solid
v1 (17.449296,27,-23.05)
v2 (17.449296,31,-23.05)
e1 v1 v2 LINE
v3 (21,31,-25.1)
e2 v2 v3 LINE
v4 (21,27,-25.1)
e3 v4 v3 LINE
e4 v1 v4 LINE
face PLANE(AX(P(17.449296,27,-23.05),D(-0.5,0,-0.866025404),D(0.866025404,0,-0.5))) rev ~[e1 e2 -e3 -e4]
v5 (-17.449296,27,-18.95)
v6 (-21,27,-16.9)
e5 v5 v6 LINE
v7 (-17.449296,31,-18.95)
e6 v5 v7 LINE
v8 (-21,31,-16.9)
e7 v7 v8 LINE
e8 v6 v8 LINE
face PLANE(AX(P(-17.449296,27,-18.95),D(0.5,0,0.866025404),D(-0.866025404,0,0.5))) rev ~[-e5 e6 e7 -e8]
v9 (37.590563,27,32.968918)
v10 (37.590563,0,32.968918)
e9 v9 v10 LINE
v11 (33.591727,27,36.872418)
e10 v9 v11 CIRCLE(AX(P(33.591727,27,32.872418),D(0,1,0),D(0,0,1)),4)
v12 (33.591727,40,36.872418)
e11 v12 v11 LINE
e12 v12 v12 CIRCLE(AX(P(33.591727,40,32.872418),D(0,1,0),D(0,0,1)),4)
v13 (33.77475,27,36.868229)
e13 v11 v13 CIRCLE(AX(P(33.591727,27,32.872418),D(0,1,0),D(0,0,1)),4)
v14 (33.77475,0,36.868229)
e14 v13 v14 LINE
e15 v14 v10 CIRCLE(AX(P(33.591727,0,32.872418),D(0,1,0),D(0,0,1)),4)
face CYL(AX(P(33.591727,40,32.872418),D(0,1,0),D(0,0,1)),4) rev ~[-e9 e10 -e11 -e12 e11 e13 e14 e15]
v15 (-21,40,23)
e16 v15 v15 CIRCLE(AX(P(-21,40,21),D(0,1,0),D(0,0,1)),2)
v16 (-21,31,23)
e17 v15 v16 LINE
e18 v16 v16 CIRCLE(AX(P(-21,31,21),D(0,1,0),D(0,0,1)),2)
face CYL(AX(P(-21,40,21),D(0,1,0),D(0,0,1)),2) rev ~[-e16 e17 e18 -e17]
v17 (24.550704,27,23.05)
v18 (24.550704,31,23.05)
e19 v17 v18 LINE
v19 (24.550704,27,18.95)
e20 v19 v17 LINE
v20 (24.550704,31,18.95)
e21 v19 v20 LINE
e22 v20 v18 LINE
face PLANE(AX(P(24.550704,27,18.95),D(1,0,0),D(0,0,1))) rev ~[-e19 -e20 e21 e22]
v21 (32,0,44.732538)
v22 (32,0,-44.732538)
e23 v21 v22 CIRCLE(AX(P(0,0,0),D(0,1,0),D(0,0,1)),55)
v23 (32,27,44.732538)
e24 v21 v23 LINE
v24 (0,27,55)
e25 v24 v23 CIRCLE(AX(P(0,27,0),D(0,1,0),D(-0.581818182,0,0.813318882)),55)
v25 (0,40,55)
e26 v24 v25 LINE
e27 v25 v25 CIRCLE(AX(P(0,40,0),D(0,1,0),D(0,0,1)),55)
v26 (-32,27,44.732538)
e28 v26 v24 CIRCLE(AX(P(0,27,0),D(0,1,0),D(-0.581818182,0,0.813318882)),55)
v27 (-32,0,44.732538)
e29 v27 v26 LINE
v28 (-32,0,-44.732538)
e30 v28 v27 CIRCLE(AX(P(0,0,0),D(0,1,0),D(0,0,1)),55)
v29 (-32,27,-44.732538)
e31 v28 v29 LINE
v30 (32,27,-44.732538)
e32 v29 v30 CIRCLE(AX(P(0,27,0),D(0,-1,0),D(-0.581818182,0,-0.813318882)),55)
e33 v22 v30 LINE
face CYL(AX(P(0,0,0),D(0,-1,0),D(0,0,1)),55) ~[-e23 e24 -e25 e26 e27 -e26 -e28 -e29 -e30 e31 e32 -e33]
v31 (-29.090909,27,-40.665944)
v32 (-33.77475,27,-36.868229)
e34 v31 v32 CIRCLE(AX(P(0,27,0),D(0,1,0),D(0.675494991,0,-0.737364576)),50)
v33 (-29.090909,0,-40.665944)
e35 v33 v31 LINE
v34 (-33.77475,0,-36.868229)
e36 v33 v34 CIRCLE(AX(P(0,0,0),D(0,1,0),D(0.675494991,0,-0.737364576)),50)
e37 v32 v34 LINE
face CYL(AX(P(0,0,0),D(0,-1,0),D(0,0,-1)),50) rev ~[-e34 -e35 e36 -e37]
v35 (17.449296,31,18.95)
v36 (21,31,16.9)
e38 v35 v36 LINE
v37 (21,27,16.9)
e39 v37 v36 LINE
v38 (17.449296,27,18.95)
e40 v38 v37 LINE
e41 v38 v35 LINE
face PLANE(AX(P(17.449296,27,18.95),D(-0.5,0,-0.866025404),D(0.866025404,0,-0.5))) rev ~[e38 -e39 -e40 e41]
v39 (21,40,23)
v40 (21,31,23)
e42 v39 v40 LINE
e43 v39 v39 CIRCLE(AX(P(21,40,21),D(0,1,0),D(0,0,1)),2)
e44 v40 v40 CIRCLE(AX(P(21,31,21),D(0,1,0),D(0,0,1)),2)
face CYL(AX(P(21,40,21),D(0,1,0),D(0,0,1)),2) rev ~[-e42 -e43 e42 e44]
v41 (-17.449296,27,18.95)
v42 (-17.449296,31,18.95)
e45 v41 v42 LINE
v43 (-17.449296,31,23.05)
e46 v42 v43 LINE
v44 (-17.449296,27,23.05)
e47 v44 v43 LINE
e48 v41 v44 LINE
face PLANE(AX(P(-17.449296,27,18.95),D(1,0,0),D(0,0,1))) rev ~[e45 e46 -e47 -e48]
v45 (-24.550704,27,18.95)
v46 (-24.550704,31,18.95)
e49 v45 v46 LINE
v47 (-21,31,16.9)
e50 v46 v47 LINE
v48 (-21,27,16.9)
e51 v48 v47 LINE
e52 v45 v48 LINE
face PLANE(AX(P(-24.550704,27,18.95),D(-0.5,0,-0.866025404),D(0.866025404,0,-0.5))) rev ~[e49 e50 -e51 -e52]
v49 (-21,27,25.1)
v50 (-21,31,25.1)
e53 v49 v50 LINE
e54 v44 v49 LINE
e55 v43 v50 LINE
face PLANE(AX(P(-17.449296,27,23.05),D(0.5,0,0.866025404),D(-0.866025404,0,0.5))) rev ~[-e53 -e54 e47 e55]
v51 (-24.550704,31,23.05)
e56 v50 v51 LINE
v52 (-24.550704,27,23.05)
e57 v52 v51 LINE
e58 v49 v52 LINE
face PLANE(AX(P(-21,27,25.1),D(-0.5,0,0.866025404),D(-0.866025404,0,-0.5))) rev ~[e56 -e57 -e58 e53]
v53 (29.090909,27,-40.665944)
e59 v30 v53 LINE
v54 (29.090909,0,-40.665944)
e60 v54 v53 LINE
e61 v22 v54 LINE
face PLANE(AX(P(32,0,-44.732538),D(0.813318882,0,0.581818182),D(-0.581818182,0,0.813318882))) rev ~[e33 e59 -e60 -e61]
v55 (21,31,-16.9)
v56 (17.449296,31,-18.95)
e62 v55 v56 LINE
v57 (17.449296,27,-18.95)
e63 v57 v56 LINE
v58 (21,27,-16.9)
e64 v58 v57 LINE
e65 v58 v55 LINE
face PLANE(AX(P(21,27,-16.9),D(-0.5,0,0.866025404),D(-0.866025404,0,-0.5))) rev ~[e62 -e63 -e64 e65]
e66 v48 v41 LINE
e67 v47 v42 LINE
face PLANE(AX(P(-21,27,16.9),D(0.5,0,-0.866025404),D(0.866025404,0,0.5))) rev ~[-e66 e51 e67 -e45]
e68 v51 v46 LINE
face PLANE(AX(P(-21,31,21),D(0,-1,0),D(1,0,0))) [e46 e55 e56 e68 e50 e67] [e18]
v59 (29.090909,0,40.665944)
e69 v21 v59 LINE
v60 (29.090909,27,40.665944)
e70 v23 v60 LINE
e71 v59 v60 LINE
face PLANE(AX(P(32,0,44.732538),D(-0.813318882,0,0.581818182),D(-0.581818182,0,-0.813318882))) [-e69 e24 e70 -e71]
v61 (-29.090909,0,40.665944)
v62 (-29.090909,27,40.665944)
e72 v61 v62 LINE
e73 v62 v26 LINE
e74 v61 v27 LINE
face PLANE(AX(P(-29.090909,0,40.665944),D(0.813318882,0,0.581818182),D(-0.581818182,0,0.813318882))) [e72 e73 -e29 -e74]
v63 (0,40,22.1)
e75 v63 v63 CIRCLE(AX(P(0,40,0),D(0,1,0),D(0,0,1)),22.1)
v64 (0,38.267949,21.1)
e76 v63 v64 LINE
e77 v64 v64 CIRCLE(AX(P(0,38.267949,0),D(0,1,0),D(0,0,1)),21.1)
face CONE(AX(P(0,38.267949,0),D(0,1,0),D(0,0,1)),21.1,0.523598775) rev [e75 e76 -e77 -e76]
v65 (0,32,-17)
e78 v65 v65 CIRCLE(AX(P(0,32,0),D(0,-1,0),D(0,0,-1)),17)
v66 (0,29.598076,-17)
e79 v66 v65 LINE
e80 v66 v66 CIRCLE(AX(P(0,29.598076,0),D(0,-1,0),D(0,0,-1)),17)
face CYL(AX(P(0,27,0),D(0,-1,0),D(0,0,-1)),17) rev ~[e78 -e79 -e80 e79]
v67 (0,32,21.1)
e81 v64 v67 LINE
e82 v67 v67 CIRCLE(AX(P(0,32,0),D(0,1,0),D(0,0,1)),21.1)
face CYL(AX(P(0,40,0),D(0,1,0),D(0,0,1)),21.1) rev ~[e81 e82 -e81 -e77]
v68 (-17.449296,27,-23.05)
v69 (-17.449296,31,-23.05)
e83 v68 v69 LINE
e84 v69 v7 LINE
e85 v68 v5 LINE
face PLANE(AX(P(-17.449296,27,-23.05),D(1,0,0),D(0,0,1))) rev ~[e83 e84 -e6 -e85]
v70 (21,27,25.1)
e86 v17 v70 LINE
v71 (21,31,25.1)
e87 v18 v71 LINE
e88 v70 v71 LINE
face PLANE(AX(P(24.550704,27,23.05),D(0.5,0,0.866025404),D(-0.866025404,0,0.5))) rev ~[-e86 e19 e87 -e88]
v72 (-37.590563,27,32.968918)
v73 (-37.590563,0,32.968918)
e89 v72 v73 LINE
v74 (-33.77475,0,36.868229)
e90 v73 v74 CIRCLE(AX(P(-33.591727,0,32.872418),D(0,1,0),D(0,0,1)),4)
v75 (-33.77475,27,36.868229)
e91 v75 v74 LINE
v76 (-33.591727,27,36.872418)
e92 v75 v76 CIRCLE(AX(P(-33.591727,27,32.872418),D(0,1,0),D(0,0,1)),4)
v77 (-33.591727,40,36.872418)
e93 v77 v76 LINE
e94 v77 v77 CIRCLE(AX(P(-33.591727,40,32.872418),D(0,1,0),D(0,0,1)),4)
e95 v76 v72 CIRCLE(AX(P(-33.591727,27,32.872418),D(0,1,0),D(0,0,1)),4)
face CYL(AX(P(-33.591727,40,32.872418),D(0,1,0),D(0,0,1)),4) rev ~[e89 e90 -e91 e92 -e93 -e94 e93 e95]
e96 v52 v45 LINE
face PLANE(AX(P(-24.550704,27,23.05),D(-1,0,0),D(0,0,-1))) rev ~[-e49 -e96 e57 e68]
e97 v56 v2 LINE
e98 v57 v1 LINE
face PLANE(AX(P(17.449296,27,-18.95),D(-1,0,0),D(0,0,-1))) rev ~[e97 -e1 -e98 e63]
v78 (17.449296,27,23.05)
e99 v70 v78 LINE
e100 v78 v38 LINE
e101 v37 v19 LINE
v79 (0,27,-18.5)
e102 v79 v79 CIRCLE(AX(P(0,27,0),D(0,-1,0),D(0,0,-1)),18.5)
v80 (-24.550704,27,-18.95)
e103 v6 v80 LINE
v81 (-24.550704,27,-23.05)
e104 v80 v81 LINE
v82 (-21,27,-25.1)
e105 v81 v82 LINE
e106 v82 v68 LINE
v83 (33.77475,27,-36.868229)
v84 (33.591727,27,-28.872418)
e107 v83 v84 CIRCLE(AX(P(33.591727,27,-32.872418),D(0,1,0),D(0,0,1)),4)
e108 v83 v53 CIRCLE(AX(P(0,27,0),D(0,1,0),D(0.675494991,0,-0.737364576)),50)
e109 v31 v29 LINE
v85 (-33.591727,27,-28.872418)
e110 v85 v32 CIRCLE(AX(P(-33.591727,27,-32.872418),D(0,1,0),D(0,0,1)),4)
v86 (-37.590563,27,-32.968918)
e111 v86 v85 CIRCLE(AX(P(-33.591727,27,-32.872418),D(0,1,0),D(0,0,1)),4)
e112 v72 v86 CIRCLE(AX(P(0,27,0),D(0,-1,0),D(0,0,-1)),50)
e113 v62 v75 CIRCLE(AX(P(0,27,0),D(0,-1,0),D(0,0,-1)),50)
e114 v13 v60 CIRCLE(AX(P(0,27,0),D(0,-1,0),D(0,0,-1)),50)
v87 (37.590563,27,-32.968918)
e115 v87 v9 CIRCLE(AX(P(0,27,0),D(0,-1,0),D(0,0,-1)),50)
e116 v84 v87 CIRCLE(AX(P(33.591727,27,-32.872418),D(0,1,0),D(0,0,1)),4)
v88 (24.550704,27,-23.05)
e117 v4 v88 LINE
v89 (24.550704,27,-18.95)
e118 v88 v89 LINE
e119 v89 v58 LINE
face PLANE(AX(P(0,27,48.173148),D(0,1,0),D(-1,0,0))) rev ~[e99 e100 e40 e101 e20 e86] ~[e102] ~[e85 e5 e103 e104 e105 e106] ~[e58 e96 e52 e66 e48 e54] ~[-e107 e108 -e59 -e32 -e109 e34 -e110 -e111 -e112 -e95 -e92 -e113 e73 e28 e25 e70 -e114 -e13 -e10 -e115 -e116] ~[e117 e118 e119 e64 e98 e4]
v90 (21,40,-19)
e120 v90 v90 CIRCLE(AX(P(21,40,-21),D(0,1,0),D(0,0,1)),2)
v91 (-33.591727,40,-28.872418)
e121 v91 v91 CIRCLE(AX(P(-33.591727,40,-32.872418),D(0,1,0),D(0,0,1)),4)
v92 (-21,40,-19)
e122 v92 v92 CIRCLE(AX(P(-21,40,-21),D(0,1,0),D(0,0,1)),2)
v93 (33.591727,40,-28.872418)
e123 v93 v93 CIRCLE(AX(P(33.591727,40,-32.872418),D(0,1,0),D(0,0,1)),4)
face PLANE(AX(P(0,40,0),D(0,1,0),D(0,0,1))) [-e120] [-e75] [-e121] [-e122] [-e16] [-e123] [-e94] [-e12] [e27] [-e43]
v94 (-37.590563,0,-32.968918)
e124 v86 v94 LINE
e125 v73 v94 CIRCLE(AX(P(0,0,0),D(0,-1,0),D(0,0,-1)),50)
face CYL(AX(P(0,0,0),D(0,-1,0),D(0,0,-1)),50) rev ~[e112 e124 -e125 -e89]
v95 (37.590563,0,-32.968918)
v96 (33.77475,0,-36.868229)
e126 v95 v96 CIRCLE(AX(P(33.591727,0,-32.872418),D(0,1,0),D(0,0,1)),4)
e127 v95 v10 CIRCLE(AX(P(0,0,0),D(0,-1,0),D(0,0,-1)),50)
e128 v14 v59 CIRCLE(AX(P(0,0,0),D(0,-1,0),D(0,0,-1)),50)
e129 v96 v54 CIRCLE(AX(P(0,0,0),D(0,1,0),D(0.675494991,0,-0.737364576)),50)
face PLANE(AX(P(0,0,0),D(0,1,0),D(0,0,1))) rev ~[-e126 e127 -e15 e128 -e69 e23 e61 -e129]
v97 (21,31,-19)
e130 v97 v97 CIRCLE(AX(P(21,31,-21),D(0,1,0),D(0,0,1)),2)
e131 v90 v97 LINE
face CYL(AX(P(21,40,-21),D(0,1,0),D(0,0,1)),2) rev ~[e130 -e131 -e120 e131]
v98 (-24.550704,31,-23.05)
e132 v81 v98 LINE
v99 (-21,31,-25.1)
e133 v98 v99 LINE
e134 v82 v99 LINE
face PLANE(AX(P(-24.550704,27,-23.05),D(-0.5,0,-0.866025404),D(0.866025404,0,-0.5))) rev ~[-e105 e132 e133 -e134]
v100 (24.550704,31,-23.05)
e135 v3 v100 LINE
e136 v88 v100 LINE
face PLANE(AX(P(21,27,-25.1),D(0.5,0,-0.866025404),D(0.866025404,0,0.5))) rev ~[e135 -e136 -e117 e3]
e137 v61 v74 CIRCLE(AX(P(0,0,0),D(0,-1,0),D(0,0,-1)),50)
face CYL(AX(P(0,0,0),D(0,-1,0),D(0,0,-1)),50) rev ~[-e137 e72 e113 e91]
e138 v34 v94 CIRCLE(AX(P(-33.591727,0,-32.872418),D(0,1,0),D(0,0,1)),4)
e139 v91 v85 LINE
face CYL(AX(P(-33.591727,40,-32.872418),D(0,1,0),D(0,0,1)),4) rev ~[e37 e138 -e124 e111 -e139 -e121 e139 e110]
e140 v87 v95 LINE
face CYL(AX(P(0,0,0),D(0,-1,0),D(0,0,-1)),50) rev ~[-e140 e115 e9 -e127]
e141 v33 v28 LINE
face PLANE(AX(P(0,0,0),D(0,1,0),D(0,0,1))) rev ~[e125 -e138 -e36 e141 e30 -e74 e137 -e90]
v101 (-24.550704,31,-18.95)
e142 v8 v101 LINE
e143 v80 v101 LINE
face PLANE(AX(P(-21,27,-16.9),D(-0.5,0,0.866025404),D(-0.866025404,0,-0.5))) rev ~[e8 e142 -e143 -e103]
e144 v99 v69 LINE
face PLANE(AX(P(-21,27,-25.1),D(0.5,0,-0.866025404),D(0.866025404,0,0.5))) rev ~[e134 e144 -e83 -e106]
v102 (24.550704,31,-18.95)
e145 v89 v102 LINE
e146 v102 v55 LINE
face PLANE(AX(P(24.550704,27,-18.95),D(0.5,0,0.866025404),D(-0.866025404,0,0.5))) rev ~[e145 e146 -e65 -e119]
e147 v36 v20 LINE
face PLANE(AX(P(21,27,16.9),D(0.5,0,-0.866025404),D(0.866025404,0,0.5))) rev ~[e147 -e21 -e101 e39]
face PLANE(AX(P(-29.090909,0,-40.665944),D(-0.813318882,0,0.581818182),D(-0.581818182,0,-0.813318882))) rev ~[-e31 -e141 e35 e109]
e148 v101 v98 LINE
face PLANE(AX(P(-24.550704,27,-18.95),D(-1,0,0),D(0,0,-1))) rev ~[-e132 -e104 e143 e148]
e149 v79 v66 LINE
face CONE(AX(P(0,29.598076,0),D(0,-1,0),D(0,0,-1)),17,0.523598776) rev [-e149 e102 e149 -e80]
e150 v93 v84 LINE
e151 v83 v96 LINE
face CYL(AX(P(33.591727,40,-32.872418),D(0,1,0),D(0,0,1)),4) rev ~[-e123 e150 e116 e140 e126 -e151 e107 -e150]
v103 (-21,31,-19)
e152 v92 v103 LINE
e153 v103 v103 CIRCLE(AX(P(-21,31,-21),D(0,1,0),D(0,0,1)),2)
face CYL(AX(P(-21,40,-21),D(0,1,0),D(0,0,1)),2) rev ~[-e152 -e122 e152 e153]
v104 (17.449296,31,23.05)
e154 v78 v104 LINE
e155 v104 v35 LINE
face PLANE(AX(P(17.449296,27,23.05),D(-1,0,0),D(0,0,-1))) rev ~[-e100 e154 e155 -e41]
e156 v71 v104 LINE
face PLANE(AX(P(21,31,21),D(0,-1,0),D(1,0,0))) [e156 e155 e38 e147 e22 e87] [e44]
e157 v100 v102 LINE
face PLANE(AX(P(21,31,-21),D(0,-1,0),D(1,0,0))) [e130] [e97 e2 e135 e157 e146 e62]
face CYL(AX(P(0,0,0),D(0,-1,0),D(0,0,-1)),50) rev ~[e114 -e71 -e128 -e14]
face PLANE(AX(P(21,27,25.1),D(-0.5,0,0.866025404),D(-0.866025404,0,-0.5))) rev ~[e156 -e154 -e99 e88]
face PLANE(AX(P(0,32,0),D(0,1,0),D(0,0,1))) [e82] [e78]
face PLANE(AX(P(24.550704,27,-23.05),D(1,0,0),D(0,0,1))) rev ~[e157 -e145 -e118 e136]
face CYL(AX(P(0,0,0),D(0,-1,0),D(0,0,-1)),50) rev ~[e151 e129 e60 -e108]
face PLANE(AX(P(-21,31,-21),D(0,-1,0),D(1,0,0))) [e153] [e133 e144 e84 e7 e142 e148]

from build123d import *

# Parameters (mm, degrees)
SKETCH_1_R          = 55
EXTRUDE_1_DEPTH     = 40
SKETCH_2_R          = 50
CUT_EXTRUDE_1_DEPTH = 27
SKETCH_3_R          = 17
CUT_EXTRUDE_2_DEPTH = 14
SKETCH_4_R          = 4
CUT_EXTRUDE_3_DEPTH = 41
SKETCH1_R           = 21.1
CUT_EXTRUDE1_DEPTH  = 8
CHAMFER1_SIZE       = 1
CHAMFER1_SIZE2      = 1.732050808
SKETCH2_R           = 2
CUT_EXTRUDE2_DEPTH  = 41
CUT_EXTRUDE3_DEPTH  = 4
CUT_EXTRUDE4_DEPTH  = 27
CHAMFER2_SIZE       = 1.5
CHAMFER2_SIZE2      = 2.598076211


with BuildPart() as part:
    # Эскиз1 → Бобышка-Вытянуть1 (new body)
    with BuildSketch(Plane(origin=(0, 0, 0), x_dir=(1, 0, 0), z_dir=(0, 1, 0))):
        with Locations(Location((0, 0, 0), (0, 0, 270))):  # turned: the seam where the file's is
            Circle(SKETCH_1_R)
    extrude(amount=EXTRUDE_1_DEPTH)

    # Эскиз2 → Вырез-Вытянуть1 (cut)
    with BuildSketch(Plane.XZ):
        with Locations(Location((0, 0, 0), (0, 0, 270))):  # turned: the seam where the file's is
            Circle(SKETCH_2_R)
    extrude(amount=-CUT_EXTRUDE_1_DEPTH, mode=Mode.SUBTRACT)

    # Эскиз3 → Вырез-Вытянуть2 (cut, through all)
    with BuildSketch(Plane.XZ.offset(-27)):
        with Locations(Location((0, 0, 0), (0, 0, 270))):  # turned: the seam where the file's is
            Circle(SKETCH_3_R)
    extrude(amount=-CUT_EXTRUDE_2_DEPTH, mode=Mode.SUBTRACT)

    # Эскиз4 → Вырез-Вытянуть3 (cut, through all)
    with BuildSketch(Plane(origin=(0, 40, 0), x_dir=(1, 0, 0), z_dir=(0, 1, 0))):
        with Locations(Location((33.591727056, -32.872418125, 0), (0, 0, 270))):  # turned: the seam where the file's is
            Circle(SKETCH_4_R)
        with Locations(Location((-33.591727056, -32.872418125, 0), (0, 0, 270))):  # turned: the seam where the file's is
            Circle(SKETCH_4_R)
        with Locations(Location((-33.591727056, 32.872418125, 0), (0, 0, 270))):  # turned: the seam where the file's is
            Circle(SKETCH_4_R)
        with Locations(Location((33.591727056, 32.872418125, 0), (0, 0, 270))):  # turned: the seam where the file's is
            Circle(SKETCH_4_R)
    extrude(amount=-CUT_EXTRUDE_3_DEPTH, mode=Mode.SUBTRACT)

    # Sketch1 → Cut-Extrude1 (cut)
    with BuildSketch(Plane(origin=(0, 40, 0), x_dir=(1, 0, 0), z_dir=(0, 1, 0))):
        with Locations(Location((0, 0, 0), (0, 0, 270))):  # turned: the seam where the file's is
            Circle(SKETCH1_R)
    extrude(amount=-CUT_EXTRUDE1_DEPTH, mode=Mode.SUBTRACT)

    # Chamfer1
    chamfer1_edges = [part.edges().sort_by_distance(p)[0] for p in [
        (0, 40, -21.1),
    ]]
    chamfer1_side = [part.faces().sort_by_distance(p)[0] for p in [
        (0, 40, -53.444365081),
    ]]
    chamfer(chamfer1_edges, length=CHAMFER1_SIZE, length2=CHAMFER1_SIZE2, reference=chamfer1_side[0])

    # Sketch2 → Cut-Extrude2 (cut, through all)
    with BuildSketch(Plane(origin=(0, 40, 0), x_dir=(1, 0, 0), z_dir=(0, 1, 0))):
        with Locations(Location((21, 21, 0), (0, 0, 270))):  # turned: the seam where the file's is
            Circle(SKETCH2_R)
        with Locations(Location((-21, 21, 0), (0, 0, 270))):  # turned: the seam where the file's is
            Circle(SKETCH2_R)
        with Locations(Location((21, -21, 0), (0, 0, 270))):  # turned: the seam where the file's is
            Circle(SKETCH2_R)
        with Locations(Location((-21, -21, 0), (0, 0, 270))):  # turned: the seam where the file's is
            Circle(SKETCH2_R)
    extrude(amount=-CUT_EXTRUDE2_DEPTH, mode=Mode.SUBTRACT)

    # Sketch3 → Cut-Extrude3 (cut)
    with BuildSketch(Plane.XZ.offset(-27)):
        Polygon((-21, -16.9), (-24.550704156, -18.95), (-24.550704156, -23.05), (-21, -25.1), (-17.449295844, -23.05), (-17.449295844, -18.95), align=None)
        Polygon((-21, 25.1), (-24.550704156, 23.05), (-24.550704156, 18.95), (-21, 16.9), (-17.449295844, 18.95), (-17.449295844, 23.05), align=None)
        Polygon((24.550704156, 23.05), (21, 25.1), (17.449295844, 23.05), (17.449295844, 18.95), (21, 16.9), (24.550704156, 18.95), align=None)
        Polygon((24.550704156, -18.95), (21, -16.9), (17.449295844, -18.95), (17.449295844, -23.05), (21, -25.1), (24.550704156, -23.05), align=None)
    extrude(amount=-CUT_EXTRUDE3_DEPTH, mode=Mode.SUBTRACT)

    # Sketch4 → Cut-Extrude4 (cut)
    with BuildSketch(Plane.XZ):
        with BuildLine():
            Line((32, -44.732538493), (29.090909091, -40.665944084))
            ThreePointArc((29.090909091, -40.665944084), (0, -50), (-29.090909091, -40.665944084))
            Line((-29.090909091, -40.665944084), (-32, -44.732538493))
            ThreePointArc((-32, -44.732538493), (0, -55), (32, -44.732538493))
        make_face()
        with BuildLine():
            Line((32, 44.732538493), (29.090909091, 40.665944084))
            ThreePointArc((29.090909091, 40.665944084), (0, 50), (-29.090909091, 40.665944084))
            Line((-29.090909091, 40.665944084), (-32, 44.732538493))
            ThreePointArc((-32, 44.732538493), (0, 55), (32, 44.732538493))
        make_face()
    extrude(amount=-CUT_EXTRUDE4_DEPTH, mode=Mode.SUBTRACT)

    # Chamfer2
    chamfer2_edges = [part.edges().sort_by_distance(p)[0] for p in [
        (0, 27, 17),
    ]]
    chamfer2_side = [part.faces().sort_by_distance(p)[0] for p in [
        (29.336369105, 27, 43.564176197),
    ]]
    chamfer(chamfer2_edges, length=CHAMFER2_SIZE, length2=CHAMFER2_SIZE2, reference=chamfer2_side[0])


solid = part.part
